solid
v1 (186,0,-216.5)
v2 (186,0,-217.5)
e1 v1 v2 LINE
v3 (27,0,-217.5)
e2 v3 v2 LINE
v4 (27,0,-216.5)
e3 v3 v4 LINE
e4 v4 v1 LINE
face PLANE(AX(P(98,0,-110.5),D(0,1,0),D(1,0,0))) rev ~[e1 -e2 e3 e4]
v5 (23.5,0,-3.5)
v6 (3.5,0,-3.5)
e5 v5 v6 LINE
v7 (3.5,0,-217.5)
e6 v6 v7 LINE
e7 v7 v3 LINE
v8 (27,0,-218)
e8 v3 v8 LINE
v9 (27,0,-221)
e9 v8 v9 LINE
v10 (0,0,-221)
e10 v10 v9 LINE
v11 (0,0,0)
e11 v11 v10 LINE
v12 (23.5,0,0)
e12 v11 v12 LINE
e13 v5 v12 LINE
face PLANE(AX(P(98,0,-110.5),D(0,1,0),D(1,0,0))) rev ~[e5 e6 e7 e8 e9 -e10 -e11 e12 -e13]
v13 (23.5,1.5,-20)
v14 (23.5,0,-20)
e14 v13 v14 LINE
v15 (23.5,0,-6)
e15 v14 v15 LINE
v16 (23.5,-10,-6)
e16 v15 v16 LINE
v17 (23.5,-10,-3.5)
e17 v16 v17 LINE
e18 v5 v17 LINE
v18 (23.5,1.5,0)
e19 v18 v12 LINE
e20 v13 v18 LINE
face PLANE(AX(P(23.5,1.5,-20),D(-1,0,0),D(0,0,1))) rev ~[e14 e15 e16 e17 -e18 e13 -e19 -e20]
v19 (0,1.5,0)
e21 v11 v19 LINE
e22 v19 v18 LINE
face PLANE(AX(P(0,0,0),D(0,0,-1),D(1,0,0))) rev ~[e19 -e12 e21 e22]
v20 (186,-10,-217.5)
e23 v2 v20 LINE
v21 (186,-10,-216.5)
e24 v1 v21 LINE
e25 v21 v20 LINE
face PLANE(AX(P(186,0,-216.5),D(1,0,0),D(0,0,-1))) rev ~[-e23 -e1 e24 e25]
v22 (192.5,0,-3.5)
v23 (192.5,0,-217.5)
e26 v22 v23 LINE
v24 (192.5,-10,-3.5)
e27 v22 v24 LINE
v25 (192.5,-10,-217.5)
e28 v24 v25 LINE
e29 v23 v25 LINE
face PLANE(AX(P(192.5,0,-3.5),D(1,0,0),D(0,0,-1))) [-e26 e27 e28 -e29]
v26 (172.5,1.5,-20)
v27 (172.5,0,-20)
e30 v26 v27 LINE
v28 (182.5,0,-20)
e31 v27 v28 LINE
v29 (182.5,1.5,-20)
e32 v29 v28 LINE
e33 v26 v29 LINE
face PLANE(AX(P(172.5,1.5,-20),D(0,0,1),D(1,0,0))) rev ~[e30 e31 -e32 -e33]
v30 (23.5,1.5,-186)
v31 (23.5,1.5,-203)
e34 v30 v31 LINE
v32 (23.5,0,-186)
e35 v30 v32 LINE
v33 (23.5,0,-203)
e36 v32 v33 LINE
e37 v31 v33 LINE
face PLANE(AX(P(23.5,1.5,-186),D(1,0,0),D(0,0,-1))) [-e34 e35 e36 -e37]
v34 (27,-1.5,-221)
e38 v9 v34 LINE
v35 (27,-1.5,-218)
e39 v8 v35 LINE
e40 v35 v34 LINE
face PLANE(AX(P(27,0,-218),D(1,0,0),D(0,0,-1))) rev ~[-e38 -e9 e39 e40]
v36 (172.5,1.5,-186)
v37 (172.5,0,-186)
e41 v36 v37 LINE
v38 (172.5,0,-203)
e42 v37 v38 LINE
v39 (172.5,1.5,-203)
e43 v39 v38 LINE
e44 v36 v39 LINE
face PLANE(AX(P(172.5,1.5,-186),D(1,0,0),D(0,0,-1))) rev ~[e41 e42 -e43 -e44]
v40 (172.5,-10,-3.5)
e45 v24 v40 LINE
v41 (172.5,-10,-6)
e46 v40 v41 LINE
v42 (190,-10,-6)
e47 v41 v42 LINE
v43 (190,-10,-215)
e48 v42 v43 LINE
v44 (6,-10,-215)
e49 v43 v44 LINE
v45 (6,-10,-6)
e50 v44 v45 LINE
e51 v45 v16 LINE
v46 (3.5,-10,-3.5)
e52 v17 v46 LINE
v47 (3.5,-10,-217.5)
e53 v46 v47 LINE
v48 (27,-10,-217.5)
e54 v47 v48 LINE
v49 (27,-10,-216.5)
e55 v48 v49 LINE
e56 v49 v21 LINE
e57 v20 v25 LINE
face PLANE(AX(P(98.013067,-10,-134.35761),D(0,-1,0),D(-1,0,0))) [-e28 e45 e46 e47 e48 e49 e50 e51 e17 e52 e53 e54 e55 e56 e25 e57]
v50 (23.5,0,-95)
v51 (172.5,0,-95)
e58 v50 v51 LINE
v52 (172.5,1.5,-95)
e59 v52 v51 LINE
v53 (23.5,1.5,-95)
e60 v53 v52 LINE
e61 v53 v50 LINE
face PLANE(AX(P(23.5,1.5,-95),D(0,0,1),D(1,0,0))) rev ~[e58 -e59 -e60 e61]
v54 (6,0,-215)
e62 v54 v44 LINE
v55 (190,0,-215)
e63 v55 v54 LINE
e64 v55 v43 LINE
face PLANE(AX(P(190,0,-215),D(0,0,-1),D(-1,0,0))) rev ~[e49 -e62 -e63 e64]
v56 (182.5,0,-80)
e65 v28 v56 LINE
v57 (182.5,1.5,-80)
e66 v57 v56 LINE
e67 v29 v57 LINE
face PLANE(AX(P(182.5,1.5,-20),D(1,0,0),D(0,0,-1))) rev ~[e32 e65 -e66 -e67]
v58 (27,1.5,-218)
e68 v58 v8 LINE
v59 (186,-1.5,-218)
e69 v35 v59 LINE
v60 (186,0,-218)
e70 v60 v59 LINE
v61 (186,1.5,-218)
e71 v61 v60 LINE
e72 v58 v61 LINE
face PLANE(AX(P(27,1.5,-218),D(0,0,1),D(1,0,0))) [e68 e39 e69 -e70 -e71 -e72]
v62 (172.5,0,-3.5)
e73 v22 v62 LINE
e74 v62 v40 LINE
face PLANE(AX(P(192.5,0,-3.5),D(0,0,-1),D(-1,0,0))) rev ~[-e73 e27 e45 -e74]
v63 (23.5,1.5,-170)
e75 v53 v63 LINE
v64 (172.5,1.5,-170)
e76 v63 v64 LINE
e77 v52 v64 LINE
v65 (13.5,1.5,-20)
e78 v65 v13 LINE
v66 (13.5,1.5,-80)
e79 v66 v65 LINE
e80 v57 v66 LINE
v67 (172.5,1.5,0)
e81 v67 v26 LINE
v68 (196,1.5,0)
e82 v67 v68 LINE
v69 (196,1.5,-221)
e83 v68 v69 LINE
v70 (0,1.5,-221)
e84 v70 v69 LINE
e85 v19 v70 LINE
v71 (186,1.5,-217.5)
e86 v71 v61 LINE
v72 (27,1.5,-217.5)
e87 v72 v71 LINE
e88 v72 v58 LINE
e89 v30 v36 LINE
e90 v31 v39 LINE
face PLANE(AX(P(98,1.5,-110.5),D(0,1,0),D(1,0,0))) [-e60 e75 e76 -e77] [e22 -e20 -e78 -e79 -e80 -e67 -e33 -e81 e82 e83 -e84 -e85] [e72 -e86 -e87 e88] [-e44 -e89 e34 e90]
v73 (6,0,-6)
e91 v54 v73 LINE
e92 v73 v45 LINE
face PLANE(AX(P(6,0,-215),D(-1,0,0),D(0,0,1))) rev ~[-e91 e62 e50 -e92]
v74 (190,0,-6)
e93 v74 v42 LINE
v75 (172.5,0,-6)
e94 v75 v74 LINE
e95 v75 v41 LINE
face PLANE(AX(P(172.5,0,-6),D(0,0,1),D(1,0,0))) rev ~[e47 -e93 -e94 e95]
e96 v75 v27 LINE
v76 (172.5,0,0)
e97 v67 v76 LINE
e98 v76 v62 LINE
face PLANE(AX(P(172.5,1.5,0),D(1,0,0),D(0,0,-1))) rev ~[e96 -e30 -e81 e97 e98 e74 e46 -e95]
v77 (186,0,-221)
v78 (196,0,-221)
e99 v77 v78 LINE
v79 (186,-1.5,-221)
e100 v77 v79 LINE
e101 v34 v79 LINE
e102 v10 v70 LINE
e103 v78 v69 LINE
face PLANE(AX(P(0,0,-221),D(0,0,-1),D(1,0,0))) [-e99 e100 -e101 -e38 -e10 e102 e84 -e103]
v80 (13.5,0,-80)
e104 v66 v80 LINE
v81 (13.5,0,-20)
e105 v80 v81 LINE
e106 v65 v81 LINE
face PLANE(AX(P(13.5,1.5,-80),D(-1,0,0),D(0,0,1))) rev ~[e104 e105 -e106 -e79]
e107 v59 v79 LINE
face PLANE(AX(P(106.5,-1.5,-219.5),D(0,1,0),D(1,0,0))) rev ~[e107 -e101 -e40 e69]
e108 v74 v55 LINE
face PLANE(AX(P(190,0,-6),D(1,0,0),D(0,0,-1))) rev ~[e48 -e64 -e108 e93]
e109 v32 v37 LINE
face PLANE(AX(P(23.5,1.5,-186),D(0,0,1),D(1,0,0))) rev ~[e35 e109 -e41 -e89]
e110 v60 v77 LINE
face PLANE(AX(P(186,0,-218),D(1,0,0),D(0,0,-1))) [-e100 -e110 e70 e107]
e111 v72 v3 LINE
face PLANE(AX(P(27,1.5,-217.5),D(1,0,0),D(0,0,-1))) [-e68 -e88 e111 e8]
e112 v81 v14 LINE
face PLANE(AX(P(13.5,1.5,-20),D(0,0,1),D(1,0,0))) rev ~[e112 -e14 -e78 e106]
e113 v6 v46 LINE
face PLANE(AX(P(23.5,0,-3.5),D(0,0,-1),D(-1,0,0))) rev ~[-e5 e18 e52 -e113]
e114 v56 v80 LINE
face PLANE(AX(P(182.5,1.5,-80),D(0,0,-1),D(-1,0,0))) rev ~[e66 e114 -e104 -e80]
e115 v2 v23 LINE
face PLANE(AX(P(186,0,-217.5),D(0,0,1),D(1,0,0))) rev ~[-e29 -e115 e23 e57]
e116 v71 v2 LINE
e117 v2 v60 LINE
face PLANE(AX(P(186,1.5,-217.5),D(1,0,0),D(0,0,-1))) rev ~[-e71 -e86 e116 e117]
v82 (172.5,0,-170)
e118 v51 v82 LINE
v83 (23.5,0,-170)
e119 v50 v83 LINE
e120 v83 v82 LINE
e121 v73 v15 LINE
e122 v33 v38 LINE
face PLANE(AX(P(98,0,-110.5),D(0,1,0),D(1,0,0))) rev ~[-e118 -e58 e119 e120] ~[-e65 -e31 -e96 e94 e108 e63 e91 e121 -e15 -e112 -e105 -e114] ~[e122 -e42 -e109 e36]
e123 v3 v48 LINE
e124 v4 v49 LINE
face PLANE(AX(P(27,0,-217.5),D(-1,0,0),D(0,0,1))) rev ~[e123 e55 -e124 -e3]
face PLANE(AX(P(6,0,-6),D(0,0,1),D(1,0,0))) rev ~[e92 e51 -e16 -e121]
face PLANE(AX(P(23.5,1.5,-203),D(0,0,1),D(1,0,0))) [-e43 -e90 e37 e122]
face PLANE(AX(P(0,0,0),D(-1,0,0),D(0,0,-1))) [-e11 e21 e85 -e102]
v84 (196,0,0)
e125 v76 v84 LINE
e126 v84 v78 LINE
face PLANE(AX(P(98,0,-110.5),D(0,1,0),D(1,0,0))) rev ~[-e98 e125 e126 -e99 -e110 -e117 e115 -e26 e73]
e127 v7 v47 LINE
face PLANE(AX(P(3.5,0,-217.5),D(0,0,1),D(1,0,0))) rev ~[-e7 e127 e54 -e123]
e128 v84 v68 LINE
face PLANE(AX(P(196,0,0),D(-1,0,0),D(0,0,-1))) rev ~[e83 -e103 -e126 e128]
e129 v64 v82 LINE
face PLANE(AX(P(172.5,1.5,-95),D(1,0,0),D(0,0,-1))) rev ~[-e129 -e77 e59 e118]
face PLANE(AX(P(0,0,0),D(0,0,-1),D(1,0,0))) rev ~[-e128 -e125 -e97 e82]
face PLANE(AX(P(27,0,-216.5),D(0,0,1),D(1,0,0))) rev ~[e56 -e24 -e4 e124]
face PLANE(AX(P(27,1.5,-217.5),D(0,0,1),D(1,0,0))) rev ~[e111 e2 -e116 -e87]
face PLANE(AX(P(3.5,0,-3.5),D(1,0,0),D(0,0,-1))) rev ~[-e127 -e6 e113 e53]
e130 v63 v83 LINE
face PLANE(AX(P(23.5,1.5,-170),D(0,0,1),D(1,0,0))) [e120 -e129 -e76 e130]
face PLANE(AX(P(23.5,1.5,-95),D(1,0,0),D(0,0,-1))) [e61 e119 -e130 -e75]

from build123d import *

# Parameters (mm, degrees)
SKETCH_1_W           = 196
SKETCH_1_H           = 221
EXTRUDE_1_DEPTH      = 1.5
EXTRUDE_2_DEPTH      = 1.5
EXTRUDE_2_DEPTH_BACK = 10
SKETCH_4_W           = 159
SKETCH_4_H           = 3
EXTRUDE_3_DEPTH      = 1.5
SKETCH_8_W           = 159
SKETCH_8_H           = 0.5
SKETCH_8_W_2         = 149
SKETCH_8_H_2         = 75
SKETCH_8_H_3         = 17
CUT_EXTRUDE_5_DEPTH  = 41.5


with BuildPart() as part:
    # 草图1 → 凸台-拉伸1 (new body)
    with BuildSketch(Plane(origin=(0, 0, 0), x_dir=(1, 0, 0), z_dir=(0, 1, 0))):
        with Locations((98, 110.5)):
            Rectangle(SKETCH_1_W, SKETCH_1_H)
    extrude(amount=EXTRUDE_1_DEPTH)

    # 草图3 → 凸台-拉伸2 (add, two sides)
    with BuildSketch(Plane(origin=(0, 0, 0), x_dir=(1, 0, 0), z_dir=(0, 1, 0))) as extrude_2_sk:
        Polygon((3.5, 217.5), (27, 217.5), (27, 216.5), (186, 216.5), (186, 217.5), (192.5, 217.5), (192.5, 6), (192.5, 3.5), (172.5, 3.5), (172.5, 6), (190, 6), (190, 215), (6, 215), (6, 6), (23.5, 6), (23.5, 3.5), (3.5, 3.5), align=None)
    extrude(amount=EXTRUDE_2_DEPTH)
    extrude(extrude_2_sk.sketch, amount=-EXTRUDE_2_DEPTH_BACK)

    # 草图4 → 凸台-拉伸3 (add)
    with BuildSketch(Plane(origin=(0, 0, 0), x_dir=(1, 0, 0), z_dir=(0, 1, 0))):
        with Locations((106.5, 219.5)):
            Rectangle(SKETCH_4_W, SKETCH_4_H)
    extrude(amount=-EXTRUDE_3_DEPTH)

    # 草图8 → 切除-拉伸5 (cut)
    with BuildSketch(Plane(origin=(0, 1.5, 0), x_dir=(1, 0, 0), z_dir=(0, 1, 0))):
        Polygon((23.5, 0), (172.5, 0), (172.5, 20), (182.5, 20), (182.5, 80), (172.5, 80), (23.5, 80), (13.5, 80), (13.5, 20), (23.5, 20), align=None)
        with Locations((106.5, 217.75)):
            Rectangle(SKETCH_8_W, SKETCH_8_H)
        with Locations((98, 132.5)):
            Rectangle(SKETCH_8_W_2, SKETCH_8_H_2)
        with Locations((98, 194.5)):
            Rectangle(SKETCH_8_W_2, SKETCH_8_H_3)
    extrude(amount=-CUT_EXTRUDE_5_DEPTH, mode=Mode.SUBTRACT)


solid = part.part
